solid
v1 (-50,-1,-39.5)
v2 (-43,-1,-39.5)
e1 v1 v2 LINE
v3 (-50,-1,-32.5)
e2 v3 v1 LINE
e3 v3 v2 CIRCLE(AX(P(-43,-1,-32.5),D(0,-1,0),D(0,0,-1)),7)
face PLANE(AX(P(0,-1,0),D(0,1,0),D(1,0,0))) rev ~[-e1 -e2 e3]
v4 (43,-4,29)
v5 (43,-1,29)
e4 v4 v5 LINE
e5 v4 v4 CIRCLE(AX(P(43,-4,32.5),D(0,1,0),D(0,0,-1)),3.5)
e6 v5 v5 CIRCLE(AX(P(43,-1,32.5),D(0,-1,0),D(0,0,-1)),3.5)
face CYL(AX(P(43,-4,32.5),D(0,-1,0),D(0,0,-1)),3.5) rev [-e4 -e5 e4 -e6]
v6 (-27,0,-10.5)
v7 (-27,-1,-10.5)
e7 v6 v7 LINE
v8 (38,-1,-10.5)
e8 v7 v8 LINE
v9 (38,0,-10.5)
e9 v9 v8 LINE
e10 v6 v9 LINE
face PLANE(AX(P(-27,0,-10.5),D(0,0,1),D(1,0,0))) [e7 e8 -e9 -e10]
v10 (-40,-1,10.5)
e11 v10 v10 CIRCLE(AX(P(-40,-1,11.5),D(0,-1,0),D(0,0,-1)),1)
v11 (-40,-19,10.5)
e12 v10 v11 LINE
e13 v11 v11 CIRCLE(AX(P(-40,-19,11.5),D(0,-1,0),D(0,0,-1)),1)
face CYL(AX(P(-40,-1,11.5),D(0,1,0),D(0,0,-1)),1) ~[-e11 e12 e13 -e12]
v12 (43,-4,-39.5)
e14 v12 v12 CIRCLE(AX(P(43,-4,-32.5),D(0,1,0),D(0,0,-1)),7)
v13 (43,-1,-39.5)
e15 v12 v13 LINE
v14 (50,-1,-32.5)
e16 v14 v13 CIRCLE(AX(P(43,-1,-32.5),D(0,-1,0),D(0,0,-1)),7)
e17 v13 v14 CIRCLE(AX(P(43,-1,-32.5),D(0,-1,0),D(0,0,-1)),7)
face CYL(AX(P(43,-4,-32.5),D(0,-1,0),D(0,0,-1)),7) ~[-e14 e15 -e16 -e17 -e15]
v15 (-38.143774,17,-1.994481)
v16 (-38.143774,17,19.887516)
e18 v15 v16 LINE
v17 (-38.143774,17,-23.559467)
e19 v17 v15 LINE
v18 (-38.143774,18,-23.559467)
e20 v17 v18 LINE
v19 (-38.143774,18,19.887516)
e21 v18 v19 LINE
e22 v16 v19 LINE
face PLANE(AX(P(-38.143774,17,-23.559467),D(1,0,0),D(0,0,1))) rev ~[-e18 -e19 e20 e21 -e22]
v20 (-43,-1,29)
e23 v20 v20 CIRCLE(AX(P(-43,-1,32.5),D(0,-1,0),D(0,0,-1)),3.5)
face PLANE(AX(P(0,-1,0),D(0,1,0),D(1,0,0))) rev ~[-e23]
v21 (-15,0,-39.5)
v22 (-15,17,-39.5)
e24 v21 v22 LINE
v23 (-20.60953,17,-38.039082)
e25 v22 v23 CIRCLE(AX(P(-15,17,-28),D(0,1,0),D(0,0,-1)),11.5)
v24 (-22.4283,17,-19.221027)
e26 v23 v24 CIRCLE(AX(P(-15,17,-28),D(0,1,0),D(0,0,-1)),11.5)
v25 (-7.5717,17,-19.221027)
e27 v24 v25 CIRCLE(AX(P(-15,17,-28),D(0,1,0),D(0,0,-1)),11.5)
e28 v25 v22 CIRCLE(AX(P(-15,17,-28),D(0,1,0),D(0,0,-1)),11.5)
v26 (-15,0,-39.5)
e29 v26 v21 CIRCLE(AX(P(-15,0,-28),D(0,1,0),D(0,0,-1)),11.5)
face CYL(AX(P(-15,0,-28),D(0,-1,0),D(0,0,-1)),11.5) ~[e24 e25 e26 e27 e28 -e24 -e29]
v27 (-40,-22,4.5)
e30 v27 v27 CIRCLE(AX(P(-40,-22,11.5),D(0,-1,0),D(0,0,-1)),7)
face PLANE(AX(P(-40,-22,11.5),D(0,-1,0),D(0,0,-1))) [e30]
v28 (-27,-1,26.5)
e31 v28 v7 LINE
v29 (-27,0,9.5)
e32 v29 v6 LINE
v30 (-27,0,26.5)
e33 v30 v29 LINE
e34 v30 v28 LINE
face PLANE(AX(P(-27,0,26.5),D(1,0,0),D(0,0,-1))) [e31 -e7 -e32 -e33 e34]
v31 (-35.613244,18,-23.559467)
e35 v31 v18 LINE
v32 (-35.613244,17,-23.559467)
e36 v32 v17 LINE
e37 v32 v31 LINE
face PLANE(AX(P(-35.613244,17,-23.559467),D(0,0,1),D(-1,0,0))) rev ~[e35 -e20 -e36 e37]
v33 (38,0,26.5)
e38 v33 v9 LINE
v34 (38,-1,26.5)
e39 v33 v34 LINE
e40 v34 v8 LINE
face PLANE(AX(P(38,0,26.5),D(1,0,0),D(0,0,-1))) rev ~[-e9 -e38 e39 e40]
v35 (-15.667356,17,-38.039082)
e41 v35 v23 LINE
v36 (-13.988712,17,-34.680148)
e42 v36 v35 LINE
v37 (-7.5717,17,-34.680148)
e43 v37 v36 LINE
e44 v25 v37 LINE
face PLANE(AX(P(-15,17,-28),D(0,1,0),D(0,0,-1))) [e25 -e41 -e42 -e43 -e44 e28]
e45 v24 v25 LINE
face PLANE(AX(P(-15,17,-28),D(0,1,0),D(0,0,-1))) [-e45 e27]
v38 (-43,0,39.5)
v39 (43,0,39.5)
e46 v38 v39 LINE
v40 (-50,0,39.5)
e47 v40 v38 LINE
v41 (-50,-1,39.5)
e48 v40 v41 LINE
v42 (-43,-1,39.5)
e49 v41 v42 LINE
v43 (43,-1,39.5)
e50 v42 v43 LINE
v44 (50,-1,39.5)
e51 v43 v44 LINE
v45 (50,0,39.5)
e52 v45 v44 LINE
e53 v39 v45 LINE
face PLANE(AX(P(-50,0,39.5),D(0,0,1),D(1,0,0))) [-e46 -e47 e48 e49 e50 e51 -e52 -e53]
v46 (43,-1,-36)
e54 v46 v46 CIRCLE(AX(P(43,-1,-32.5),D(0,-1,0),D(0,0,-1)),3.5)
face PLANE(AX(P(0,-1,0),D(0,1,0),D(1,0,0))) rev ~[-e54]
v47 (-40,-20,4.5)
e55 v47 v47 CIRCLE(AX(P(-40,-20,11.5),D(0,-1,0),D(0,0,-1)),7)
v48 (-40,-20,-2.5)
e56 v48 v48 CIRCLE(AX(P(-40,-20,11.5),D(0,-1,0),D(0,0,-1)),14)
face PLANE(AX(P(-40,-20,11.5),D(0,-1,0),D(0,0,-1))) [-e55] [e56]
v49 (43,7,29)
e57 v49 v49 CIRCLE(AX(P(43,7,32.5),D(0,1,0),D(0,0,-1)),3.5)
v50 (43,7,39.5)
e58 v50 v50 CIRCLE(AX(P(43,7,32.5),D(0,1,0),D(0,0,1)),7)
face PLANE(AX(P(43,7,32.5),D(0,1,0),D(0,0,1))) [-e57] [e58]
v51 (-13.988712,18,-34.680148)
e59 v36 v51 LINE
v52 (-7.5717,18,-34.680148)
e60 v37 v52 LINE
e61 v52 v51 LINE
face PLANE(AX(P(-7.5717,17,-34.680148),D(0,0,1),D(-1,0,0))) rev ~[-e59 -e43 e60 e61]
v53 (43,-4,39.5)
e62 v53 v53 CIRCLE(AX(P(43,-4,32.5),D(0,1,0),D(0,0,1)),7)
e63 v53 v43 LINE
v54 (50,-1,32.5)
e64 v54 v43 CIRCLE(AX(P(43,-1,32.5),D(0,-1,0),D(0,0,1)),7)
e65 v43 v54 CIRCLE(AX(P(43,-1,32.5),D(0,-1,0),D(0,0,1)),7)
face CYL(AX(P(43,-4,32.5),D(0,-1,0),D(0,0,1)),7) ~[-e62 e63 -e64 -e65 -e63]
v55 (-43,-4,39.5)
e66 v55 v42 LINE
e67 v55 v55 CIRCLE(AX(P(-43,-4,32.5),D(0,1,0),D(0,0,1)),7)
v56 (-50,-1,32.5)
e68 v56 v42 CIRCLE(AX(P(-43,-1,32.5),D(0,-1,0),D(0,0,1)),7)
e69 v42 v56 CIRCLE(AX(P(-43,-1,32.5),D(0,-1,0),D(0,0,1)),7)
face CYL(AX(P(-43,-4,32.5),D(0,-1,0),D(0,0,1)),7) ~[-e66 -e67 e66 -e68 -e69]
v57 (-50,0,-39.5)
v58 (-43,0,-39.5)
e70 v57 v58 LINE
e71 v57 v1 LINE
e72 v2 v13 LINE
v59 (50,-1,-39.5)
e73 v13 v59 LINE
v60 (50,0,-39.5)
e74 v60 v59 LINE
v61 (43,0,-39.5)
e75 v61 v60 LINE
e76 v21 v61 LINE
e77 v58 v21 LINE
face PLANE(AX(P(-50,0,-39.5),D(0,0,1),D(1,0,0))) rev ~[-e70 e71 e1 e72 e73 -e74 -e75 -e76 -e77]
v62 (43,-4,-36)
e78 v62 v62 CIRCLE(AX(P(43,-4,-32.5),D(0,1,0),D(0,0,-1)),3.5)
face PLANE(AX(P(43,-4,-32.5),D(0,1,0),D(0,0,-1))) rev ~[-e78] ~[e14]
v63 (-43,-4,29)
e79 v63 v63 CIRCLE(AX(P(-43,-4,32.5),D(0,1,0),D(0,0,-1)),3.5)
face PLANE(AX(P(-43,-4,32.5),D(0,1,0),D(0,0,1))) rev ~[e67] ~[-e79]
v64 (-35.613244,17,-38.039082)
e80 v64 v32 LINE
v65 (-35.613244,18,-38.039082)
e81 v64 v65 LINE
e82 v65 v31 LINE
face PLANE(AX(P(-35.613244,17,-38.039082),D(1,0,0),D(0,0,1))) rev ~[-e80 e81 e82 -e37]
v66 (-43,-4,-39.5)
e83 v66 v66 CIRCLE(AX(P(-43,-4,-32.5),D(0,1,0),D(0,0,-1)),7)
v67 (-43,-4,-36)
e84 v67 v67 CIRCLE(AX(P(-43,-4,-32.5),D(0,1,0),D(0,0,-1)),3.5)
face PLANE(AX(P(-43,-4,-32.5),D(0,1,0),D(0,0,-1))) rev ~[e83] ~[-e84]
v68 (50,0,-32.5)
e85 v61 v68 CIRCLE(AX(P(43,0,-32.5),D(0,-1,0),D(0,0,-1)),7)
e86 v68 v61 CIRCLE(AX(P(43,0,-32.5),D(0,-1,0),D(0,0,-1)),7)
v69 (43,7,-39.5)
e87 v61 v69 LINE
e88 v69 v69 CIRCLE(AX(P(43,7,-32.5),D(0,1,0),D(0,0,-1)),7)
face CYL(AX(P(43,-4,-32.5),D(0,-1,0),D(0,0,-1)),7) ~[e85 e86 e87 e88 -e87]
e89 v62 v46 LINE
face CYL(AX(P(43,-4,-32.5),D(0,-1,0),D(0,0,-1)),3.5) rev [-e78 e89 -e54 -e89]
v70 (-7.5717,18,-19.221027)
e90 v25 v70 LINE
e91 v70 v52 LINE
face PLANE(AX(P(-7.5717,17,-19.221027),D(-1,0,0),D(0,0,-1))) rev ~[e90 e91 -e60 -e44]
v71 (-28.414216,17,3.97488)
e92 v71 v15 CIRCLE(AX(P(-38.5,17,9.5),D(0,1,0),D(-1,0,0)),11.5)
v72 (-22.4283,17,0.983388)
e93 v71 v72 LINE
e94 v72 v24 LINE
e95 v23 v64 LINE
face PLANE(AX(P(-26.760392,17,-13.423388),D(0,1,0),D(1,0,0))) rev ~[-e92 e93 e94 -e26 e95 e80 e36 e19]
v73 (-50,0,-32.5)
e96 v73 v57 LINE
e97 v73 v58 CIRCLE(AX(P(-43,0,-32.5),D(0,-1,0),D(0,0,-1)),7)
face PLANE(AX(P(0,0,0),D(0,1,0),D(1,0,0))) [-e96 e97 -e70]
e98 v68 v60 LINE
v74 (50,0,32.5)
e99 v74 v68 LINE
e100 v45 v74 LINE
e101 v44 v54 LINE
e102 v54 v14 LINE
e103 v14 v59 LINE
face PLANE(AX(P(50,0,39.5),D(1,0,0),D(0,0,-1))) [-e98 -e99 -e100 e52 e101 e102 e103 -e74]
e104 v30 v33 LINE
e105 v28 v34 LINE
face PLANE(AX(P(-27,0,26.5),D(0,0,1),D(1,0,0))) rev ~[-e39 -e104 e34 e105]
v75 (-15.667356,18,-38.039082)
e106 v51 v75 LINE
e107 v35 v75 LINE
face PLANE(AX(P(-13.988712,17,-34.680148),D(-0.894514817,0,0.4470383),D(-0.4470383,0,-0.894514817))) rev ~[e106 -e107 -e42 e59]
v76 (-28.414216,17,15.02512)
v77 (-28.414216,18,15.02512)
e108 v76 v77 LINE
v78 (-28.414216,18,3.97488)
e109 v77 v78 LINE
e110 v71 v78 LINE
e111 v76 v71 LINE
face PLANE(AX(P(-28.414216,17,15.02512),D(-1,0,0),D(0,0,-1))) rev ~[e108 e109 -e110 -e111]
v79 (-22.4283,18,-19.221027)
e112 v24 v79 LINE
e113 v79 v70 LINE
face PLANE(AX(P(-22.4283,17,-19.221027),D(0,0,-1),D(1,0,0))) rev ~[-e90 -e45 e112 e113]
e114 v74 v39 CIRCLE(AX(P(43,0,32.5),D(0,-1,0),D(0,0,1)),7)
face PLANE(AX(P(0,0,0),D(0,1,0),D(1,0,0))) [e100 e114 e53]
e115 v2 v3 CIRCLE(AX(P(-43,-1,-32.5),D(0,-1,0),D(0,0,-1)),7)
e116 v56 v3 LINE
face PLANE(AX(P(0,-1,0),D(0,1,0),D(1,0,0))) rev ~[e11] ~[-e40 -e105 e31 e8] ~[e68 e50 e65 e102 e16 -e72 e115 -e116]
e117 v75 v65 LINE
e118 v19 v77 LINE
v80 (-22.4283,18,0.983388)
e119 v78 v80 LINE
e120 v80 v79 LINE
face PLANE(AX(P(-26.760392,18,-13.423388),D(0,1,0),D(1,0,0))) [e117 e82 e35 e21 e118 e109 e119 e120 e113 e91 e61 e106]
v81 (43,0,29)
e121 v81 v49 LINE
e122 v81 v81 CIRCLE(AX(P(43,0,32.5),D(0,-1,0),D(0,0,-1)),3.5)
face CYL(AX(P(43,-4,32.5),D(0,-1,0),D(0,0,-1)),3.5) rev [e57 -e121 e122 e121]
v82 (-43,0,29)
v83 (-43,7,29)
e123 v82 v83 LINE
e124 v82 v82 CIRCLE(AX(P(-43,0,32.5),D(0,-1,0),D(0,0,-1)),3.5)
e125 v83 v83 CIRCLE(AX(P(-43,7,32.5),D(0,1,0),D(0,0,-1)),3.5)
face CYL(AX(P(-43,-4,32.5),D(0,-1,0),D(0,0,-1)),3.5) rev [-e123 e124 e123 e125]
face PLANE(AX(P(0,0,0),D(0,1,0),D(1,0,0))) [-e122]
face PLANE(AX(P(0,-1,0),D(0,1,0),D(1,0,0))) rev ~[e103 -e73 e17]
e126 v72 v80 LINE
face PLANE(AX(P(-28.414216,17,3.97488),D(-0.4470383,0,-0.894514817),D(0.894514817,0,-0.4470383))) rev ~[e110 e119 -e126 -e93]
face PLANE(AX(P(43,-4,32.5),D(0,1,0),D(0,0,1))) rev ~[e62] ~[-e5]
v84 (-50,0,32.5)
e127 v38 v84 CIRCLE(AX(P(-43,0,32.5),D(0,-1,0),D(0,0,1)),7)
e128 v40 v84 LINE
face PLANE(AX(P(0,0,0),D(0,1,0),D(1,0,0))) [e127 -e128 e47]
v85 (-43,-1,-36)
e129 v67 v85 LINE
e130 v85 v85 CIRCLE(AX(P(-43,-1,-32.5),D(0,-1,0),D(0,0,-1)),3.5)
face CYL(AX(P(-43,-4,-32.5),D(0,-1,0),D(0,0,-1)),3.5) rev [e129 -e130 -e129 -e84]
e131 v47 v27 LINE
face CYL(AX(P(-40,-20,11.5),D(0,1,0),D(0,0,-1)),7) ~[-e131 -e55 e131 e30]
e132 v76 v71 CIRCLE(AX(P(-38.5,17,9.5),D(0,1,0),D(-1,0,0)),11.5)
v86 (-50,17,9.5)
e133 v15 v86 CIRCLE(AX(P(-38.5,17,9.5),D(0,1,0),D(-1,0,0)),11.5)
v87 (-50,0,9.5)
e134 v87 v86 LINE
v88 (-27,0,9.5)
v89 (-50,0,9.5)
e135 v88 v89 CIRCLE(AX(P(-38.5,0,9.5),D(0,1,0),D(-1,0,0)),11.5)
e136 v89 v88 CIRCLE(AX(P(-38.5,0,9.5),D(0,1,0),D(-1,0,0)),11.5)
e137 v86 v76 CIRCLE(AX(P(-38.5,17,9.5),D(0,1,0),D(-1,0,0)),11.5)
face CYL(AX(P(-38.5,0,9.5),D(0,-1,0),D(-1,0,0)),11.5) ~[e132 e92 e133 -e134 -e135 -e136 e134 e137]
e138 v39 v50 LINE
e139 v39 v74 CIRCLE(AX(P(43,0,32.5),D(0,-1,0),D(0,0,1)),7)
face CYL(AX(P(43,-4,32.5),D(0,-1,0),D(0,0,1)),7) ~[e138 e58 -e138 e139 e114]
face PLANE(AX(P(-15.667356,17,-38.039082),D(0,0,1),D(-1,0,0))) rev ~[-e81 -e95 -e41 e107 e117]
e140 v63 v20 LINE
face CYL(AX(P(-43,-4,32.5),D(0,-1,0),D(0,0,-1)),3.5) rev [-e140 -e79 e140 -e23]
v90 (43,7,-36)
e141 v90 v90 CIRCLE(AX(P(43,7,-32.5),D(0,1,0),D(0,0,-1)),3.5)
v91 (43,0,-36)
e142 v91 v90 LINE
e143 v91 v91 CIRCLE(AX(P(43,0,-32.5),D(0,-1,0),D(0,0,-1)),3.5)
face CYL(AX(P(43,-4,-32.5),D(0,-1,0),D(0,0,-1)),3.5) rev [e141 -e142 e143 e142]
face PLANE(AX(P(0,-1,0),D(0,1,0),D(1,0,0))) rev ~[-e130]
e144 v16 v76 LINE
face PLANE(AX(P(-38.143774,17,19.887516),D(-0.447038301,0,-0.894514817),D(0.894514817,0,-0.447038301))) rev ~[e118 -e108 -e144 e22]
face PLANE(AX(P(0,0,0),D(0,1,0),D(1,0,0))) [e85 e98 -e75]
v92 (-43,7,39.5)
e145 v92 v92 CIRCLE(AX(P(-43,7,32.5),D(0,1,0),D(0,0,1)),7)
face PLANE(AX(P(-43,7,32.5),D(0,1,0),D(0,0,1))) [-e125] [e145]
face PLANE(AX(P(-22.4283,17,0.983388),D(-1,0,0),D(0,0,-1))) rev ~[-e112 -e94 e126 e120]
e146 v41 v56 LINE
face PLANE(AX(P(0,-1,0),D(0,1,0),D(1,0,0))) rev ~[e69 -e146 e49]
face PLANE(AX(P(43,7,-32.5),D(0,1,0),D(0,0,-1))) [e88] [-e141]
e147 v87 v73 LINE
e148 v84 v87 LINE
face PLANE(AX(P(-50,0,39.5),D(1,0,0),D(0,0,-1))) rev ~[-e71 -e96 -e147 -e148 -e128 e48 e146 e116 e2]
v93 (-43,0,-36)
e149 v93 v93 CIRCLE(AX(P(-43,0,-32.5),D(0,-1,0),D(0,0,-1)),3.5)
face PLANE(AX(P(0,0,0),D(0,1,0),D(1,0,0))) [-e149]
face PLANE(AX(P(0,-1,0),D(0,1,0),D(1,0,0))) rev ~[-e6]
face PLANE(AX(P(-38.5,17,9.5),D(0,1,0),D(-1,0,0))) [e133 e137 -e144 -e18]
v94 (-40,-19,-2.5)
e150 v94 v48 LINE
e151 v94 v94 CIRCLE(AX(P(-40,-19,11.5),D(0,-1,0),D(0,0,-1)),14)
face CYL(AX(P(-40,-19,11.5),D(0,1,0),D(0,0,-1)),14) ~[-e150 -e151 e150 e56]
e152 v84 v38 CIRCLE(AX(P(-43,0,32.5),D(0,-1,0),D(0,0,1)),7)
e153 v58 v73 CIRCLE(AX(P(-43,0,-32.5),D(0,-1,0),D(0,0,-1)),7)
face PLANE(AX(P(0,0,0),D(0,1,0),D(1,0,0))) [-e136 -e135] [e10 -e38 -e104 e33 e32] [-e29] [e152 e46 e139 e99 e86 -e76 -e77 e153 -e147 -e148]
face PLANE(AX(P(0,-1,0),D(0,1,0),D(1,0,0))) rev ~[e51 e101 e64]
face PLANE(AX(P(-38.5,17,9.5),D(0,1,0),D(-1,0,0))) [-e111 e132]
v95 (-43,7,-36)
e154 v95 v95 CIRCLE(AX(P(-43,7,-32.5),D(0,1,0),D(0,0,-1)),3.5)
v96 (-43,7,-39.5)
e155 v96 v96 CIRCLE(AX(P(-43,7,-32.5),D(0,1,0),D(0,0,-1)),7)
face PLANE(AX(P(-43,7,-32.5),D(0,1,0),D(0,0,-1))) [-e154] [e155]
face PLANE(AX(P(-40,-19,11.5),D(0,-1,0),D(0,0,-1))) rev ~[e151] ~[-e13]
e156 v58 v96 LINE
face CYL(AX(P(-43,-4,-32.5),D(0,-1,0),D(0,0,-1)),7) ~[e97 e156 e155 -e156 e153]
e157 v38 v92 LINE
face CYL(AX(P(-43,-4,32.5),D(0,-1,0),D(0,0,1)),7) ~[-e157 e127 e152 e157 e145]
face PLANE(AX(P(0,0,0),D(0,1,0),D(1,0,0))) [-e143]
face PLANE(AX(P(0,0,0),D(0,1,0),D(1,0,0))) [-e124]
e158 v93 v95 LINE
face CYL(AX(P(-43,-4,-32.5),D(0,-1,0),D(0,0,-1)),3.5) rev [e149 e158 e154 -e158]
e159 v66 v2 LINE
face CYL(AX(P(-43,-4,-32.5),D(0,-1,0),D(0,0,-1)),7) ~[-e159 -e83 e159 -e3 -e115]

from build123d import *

# Parameters (mm, degrees)
ESQUISSE4_W             = 100
ESQUISSE4_H             = 79
BOSS_EXTRU_3_DEPTH      = 1
BOSS_EXTRU_4_DEPTH      = 7
BOSS_EXTRU_4_DEPTH_BACK = 4
ESQUISSE1_R             = 7
ESQUISSE1_R_2           = 3.5
ESQUISSE6_R             = 11.5
BOSS_EXTRU_5_DEPTH      = 17
BOSS_EXTRU_6_DEPTH      = 1
ESQUISSE8_W             = 65
ESQUISSE8_H             = 37
ENL_V_MAT_EXTRU_1_DEPTH = 1
ESQUISSE9_R             = 1
BOSS_EXTRU_7_DEPTH      = 18
ESQUISSE10_R            = 14
BOSS_EXTRU_8_DEPTH      = 1
ESQUISSE11_R            = 7
BOSS_EXTRU_9_DEPTH      = 2


with BuildPart() as part:
    # Esquisse4 → Boss.-Extru.3 (new body)
    with BuildSketch(Plane(origin=(0, 0, 0), x_dir=(1, 0, 0), z_dir=(0, 1, 0))):
        Rectangle(ESQUISSE4_W, ESQUISSE4_H)
    extrude(amount=-BOSS_EXTRU_3_DEPTH)

    # Esquisse1 → Boss.-Extru.4 (add, two sides: drawn at the far end of the back side and taken through both)
    # profile 1 of 4: a face of its own
    with BuildSketch(Plane(origin=(0, 0, 0), x_dir=(1, 0, 0), z_dir=(0, 1, 0)).offset(-BOSS_EXTRU_4_DEPTH_BACK)):
        with Locations(Location((43, 32.5, 0), (0, 0, 90))):
            Circle(ESQUISSE1_R)
        with Locations(Location((43, 32.5, 0), (0, 0, 90))):
            Circle(ESQUISSE1_R_2, mode=Mode.SUBTRACT)
    # profile 2 of 4: a face of its own
    with BuildSketch(Plane(origin=(0, 0, 0), x_dir=(1, 0, 0), z_dir=(0, 1, 0)).offset(-BOSS_EXTRU_4_DEPTH_BACK)):
        with Locations(Location((-43, 32.5, 0), (0, 0, 90))):
            Circle(ESQUISSE1_R)
        with Locations(Location((-43, 32.5, 0), (0, 0, 90))):
            Circle(ESQUISSE1_R_2, mode=Mode.SUBTRACT)
    # profile 3 of 4: a face of its own
    with BuildSketch(Plane(origin=(0, 0, 0), x_dir=(1, 0, 0), z_dir=(0, 1, 0)).offset(-BOSS_EXTRU_4_DEPTH_BACK)):
        with Locations(Location((-43, -32.5, 0), (0, 0, 270))):
            Circle(ESQUISSE1_R)
        with Locations(Location((-43, -32.5, 0), (0, 0, 90))):
            Circle(ESQUISSE1_R_2, mode=Mode.SUBTRACT)
    # profile 4 of 4: a face of its own
    with BuildSketch(Plane(origin=(0, 0, 0), x_dir=(1, 0, 0), z_dir=(0, 1, 0)).offset(-BOSS_EXTRU_4_DEPTH_BACK)):
        with Locations(Location((43, -32.5, 0), (0, 0, 270))):
            Circle(ESQUISSE1_R)
        with Locations(Location((43, -32.5, 0), (0, 0, 90))):
            Circle(ESQUISSE1_R_2, mode=Mode.SUBTRACT)
    extrude(amount=BOSS_EXTRU_4_DEPTH + BOSS_EXTRU_4_DEPTH_BACK)

    # Esquisse6 → Boss.-Extru.5 (add)
    with BuildSketch(Plane(origin=(0, 0, 0), x_dir=(1, 0, 0), z_dir=(0, 1, 0))):
        with Locations(Location((-38.5, -9.5, 0), (0, 0, 180))):
            Circle(ESQUISSE6_R)
        with Locations(Location((-15, 28, 0), (0, 0, 90))):
            Circle(ESQUISSE6_R)
    extrude(amount=BOSS_EXTRU_5_DEPTH)

    # Esquisse7 → Boss.-Extru.6 (add)
    with BuildSketch(Plane(origin=(0, 17, 0), x_dir=(1, 0, 0), z_dir=(0, 1, 0))):
        Polygon((-38.143774149, -19.88751618), (-28.414215556, -15.025120102), (-28.414215556, -3.974879898), (-22.428299765, -0.98338823), (-22.428299765, 19.221027247), (-7.571700235, 19.221027247), (-7.571700235, 34.680148422), (-13.988712335, 34.680148422), (-15.667356388, 38.039082045), (-35.613243864, 38.039082045), (-35.613243864, 23.559466539), (-38.143774149, 23.559466539), (-38.143774149, 0), align=None)
    extrude(amount=BOSS_EXTRU_6_DEPTH)

    # Esquisse8 → Enlèv. mat.-Extru.1 (cut)
    with BuildSketch(Plane(origin=(0, 0, 0), x_dir=(1, 0, 0), z_dir=(0, 1, 0))):
        with Locations((5.5, -8)):
            Rectangle(ESQUISSE8_W, ESQUISSE8_H)
    extrude(amount=-ENL_V_MAT_EXTRU_1_DEPTH, mode=Mode.SUBTRACT)

    # Esquisse9 → Boss.-Extru.7 (add)
    with BuildSketch(Plane.XZ.offset(1)):
        with Locations(Location((-40, 11.5, 0), (0, 0, 270))):
            Circle(ESQUISSE9_R)
    extrude(amount=BOSS_EXTRU_7_DEPTH)

    # Esquisse10 → Boss.-Extru.8 (add)
    with BuildSketch(Plane.XZ.offset(19)):
        with Locations(Location((-40, 11.5, 0), (0, 0, 270))):
            Circle(ESQUISSE10_R)
    extrude(amount=BOSS_EXTRU_8_DEPTH)

    # Esquisse11 → Boss.-Extru.9 (add)
    with BuildSketch(Plane(origin=(0, -20, 0), x_dir=(-1, 0, 0), z_dir=(0, -1, 0))):
        with Locations(Location((40, -11.5, 0), (0, 0, 90))):
            Circle(ESQUISSE11_R)
    extrude(amount=BOSS_EXTRU_9_DEPTH)


solid = part.part
